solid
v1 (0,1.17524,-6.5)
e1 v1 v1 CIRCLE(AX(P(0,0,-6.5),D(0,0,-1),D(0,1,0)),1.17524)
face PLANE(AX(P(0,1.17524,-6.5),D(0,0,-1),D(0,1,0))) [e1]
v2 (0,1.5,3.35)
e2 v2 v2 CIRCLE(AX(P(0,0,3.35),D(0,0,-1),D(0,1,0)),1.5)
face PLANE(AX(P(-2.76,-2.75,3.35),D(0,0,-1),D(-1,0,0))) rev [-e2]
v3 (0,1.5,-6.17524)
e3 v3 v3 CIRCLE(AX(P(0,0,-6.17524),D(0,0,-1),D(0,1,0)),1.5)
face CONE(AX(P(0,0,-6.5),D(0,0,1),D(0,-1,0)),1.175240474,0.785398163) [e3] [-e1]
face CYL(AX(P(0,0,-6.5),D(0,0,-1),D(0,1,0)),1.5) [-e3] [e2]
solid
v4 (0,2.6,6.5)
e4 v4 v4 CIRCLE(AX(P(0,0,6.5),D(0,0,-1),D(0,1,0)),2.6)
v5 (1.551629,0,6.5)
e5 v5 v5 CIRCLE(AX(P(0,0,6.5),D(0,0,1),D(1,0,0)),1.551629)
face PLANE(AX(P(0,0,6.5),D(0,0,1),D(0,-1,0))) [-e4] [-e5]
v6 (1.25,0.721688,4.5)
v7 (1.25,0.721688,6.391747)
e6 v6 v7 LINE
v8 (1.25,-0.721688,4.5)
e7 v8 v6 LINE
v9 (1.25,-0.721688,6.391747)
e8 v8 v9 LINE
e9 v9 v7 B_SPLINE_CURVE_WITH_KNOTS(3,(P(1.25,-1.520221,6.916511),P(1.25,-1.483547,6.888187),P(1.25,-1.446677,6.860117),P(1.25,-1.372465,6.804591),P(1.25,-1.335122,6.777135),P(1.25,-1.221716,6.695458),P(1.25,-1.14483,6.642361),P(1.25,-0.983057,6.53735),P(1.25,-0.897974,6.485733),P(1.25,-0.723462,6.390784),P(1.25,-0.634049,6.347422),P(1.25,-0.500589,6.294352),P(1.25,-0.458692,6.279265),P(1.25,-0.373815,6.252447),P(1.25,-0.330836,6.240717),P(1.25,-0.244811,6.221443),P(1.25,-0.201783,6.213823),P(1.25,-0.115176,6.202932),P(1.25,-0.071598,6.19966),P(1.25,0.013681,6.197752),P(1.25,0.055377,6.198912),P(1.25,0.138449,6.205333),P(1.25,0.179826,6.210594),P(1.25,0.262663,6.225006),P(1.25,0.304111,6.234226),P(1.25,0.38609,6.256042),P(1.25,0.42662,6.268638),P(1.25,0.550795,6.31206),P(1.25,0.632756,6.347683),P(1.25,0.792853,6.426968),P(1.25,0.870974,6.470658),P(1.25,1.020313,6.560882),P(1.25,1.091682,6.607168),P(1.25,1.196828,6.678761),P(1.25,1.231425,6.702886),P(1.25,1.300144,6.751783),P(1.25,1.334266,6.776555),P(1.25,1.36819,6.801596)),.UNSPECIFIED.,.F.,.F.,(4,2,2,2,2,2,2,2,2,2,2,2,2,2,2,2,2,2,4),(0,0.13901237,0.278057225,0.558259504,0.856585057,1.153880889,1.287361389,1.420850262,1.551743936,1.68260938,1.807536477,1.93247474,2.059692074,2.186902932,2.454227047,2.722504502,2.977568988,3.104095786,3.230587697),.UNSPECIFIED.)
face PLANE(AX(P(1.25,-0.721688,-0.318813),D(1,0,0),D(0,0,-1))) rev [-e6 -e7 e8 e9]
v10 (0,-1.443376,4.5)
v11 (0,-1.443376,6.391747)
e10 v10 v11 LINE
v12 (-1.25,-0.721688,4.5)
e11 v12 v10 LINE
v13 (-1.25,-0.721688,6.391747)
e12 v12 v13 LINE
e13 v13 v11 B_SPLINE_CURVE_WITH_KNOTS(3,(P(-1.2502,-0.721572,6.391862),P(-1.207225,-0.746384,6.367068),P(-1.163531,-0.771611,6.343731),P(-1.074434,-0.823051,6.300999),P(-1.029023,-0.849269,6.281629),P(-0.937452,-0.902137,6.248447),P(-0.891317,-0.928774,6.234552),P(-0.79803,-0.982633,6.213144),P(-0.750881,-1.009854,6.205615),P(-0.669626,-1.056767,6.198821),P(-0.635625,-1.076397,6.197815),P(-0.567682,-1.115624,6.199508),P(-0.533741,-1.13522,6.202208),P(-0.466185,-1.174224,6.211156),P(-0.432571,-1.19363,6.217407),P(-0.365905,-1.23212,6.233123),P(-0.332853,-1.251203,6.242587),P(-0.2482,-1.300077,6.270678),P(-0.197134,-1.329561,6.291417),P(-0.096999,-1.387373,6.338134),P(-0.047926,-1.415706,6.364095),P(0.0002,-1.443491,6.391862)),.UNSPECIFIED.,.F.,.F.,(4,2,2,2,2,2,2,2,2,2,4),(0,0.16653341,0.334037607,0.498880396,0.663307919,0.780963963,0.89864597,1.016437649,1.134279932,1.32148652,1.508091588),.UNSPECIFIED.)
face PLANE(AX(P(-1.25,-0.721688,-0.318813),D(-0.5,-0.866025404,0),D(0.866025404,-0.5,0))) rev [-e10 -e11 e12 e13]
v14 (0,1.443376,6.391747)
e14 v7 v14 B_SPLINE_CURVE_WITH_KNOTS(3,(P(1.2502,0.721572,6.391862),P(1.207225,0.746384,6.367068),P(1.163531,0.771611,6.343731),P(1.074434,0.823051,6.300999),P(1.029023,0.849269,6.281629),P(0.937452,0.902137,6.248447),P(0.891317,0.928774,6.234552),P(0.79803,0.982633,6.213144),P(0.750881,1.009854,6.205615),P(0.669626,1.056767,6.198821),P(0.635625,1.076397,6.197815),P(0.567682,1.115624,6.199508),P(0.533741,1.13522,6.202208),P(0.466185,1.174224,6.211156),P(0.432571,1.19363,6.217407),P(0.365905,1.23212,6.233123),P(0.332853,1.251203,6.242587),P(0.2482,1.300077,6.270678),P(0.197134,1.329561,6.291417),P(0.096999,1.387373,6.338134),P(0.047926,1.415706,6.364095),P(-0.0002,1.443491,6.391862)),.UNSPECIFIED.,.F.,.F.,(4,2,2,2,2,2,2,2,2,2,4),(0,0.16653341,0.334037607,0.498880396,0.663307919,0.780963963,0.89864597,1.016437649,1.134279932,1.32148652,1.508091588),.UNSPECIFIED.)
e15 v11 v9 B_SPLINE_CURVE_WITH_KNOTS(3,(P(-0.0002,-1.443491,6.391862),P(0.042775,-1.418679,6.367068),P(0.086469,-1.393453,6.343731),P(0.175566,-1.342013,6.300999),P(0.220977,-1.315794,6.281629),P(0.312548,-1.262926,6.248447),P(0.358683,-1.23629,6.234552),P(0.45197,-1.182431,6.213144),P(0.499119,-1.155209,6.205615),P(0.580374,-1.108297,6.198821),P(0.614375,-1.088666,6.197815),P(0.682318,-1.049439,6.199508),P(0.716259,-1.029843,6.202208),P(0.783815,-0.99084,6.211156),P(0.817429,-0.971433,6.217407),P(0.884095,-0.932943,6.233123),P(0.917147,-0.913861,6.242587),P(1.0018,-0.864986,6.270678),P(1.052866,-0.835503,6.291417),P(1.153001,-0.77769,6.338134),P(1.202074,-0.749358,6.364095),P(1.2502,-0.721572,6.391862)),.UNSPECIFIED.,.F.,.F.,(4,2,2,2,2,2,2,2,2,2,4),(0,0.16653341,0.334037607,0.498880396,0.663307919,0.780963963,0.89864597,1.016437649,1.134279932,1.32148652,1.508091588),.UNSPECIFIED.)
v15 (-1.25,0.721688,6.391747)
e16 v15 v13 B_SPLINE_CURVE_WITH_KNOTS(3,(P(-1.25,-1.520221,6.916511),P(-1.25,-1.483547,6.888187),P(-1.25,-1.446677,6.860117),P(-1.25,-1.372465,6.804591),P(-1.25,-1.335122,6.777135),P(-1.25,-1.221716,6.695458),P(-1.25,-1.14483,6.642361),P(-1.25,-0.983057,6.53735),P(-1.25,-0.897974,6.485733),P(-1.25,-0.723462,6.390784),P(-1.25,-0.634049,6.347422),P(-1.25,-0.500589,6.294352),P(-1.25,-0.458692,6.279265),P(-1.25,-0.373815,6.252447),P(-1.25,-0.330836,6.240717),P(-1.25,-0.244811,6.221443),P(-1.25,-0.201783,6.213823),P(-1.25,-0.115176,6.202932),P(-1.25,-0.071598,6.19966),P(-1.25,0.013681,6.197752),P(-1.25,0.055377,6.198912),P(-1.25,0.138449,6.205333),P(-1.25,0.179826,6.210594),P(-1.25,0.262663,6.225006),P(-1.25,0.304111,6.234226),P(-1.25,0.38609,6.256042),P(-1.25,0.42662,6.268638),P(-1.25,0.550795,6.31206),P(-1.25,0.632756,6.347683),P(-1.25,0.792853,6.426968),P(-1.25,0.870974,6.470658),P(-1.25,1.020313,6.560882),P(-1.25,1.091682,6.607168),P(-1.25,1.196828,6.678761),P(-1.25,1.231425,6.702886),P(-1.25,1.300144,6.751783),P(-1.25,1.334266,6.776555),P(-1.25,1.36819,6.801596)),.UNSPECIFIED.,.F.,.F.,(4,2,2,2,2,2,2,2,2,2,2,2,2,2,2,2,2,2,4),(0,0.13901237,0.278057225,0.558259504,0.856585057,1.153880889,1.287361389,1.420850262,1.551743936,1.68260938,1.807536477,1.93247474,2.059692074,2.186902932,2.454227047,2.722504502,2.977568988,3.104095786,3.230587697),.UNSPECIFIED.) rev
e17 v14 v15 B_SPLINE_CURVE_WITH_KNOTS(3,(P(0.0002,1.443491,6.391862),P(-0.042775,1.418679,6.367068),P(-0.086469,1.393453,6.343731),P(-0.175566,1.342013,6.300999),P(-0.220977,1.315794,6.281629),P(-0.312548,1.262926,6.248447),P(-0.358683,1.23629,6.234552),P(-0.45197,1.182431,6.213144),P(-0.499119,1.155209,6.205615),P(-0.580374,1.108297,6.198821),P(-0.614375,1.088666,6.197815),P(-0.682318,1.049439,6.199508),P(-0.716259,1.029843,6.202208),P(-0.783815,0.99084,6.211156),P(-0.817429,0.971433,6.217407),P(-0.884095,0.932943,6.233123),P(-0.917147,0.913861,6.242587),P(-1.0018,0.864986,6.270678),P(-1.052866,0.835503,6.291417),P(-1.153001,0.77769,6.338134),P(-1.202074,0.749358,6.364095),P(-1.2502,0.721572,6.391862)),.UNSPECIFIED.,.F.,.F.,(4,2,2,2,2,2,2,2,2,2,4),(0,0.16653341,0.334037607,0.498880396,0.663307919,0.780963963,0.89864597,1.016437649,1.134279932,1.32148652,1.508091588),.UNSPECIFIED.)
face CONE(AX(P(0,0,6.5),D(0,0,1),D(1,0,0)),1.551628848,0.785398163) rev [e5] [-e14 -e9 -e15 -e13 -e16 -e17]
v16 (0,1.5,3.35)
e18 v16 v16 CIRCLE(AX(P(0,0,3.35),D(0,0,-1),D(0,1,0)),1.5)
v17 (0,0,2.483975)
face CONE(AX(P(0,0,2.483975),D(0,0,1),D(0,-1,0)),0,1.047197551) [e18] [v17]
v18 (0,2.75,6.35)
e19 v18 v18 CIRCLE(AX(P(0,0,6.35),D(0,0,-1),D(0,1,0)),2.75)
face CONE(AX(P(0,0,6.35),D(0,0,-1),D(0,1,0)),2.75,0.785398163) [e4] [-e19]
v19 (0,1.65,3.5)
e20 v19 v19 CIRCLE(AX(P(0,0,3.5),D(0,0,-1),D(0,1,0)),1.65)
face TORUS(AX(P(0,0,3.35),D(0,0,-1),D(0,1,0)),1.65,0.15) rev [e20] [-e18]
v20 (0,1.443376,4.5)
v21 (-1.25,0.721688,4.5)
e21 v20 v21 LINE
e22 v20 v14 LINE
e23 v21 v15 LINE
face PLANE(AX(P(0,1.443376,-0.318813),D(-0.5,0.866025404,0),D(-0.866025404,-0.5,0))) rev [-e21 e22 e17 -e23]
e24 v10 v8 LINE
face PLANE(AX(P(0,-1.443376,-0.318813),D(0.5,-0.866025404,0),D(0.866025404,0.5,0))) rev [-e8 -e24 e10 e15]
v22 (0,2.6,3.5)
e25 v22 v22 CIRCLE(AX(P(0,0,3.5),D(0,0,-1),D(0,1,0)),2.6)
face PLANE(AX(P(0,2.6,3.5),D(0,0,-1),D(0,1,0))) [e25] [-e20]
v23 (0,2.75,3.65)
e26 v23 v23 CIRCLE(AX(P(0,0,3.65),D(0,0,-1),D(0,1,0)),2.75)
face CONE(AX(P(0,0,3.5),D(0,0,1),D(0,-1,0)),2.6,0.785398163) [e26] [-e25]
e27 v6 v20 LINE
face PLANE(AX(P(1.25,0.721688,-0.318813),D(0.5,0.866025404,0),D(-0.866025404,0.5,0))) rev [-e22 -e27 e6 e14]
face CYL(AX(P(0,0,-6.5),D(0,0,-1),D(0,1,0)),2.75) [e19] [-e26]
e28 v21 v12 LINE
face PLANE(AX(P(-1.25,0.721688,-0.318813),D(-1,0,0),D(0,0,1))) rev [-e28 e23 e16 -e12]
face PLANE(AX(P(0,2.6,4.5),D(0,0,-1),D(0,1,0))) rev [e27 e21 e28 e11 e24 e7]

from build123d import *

# Parameters (mm, degrees)
CUT_EXTRUDE1_DEPTH     = 2
SKETCH4_R              = 1.551628848
CUT_EXTRUDE2_DEPTH     = 1.5
CUT_EXTRUDE2_DRAFT     = -45
SPLIT1_SURFACE_1_BACK  = 16.149
SPLIT1_SURFACE_1_DEPTH = 32.298
SPLIT1_SURFACE_2_BACK  = 16.149
SPLIT1_SURFACE_2_DEPTH = 32.298


with BuildPart() as part:
    # Sketch2 → Revolve1 (revolve)
    with BuildSketch(Plane(origin=(0, 0, 0), x_dir=(0, 0, -1), z_dir=(1, 0, 0))):
        with BuildLine():
            Line((-6.5, 0), (-6.5, 2.6))
            Line((-6.5, 2.6), (-6.35, 2.75))
            Line((-6.35, 2.75), (-3.65, 2.75))
            Line((-3.65, 2.75), (-3.5, 2.6))
            Line((-3.5, 2.6), (-3.5, 1.65))
            ThreePointArc((-3.5, 1.65), (-3.456066017, 1.543933983), (-3.35, 1.5))
            Line((-3.35, 1.5), (6.175240474, 1.5))
            Line((6.175240474, 1.5), (6.5, 1.175240474))
            Line((6.5, 1.175240474), (6.5, 0))
            Line((6.5, 0), (-6.5, 0))
        make_face()
    revolve(axis=Axis((0, 0, -6.5), (0, 0, 1)))

    # Sketch3 → Cut-Extrude1 (cut)
    with BuildSketch(Plane.XY.offset(6.5)):
        Polygon((1.25, -0.721687836), (1.25, 0.721687836), (0, 1.443375673), (-1.25, 0.721687836), (-1.25, -0.721687836), (0, -1.443375673), align=None)
    extrude(amount=-CUT_EXTRUDE1_DEPTH, mode=Mode.SUBTRACT)


with BuildPart() as cut_extrude2_tool:
    # Sketch4 → Cut-Extrude2 (with draft: the straight prism first)
    with BuildSketch(Plane.XY.offset(6.5)):
        Circle(SKETCH4_R)
    extrude(amount=-CUT_EXTRUDE2_DEPTH)
    # Cut-Extrude2: the draft: its side faces are tilted about the plane it starts from
    cut_extrude2_sides = [cut_extrude2_tool.faces().sort_by_distance(p)[0] for p in [
        (-1.551628848, 0, 5.75),
    ]]
    draft(cut_extrude2_sides, Plane.XY.offset(6.5), CUT_EXTRUDE2_DRAFT)


with BuildPart() as part_1:
    add(part.part)

    # Cut-Extrude2: cut by cut_extrude2_tool
    add(cut_extrude2_tool.part, mode=Mode.SUBTRACT)


with BuildPart() as body_2:
    # Split1: the piece behind the surface
    add(part_1.part)
    # Split1 surface: a surface, the sketch's curves swept straight by 32.298 mm
    with BuildLine(Plane(origin=(0, 0, 0), x_dir=(0, 0, -1), z_dir=(1, 0, 0)).offset(-SPLIT1_SURFACE_1_BACK), mode=Mode.PRIVATE) as split1_surface_1_path:
        Line((-3.35, -2.75), (-3.35, 2.75))
    split1_surface_1 = Shell.extrude(split1_surface_1_path.wire(), (1 * SPLIT1_SURFACE_1_DEPTH, 0 * SPLIT1_SURFACE_1_DEPTH, 0 * SPLIT1_SURFACE_1_DEPTH))
    split(bisect_by=split1_surface_1, keep=Keep.BOTTOM)


with BuildPart() as part_2:
    add(part_1.part)

    # Split1: split by a surface, the side it looks to stays
    # Split1 surface: a surface, the sketch's curves swept straight by 32.298 mm
    with BuildLine(Plane(origin=(0, 0, 0), x_dir=(0, 0, -1), z_dir=(1, 0, 0)).offset(-SPLIT1_SURFACE_2_BACK), mode=Mode.PRIVATE) as split1_surface_2_path:
        Line((-3.35, -2.75), (-3.35, 2.75))
    split1_surface_2 = Shell.extrude(split1_surface_2_path.wire(), (1 * SPLIT1_SURFACE_2_DEPTH, 0 * SPLIT1_SURFACE_2_DEPTH, 0 * SPLIT1_SURFACE_2_DEPTH))
    split(bisect_by=split1_surface_2, keep=Keep.TOP)

    # Sketch8 → Revolve2 (revolve)
    with BuildSketch(Plane(origin=(0, 0, 0), x_dir=(0, 0, -1), z_dir=(1, 0, 0)), mode=Mode.PRIVATE) as revolve2_sk:
        Polygon((-3.5, 0), (-3.5, 1.5), (-3.35, 1.5), (-2.483974596, 0), align=None)
    revolve(revolve2_sk.sketch.rotate(Axis((0, 0, 2.483974596), (0, 0, 1)), 180), axis=Axis((0, 0, 2.483974596), (0, 0, 1)))


solid = Compound([body_2.part, part_2.part])
